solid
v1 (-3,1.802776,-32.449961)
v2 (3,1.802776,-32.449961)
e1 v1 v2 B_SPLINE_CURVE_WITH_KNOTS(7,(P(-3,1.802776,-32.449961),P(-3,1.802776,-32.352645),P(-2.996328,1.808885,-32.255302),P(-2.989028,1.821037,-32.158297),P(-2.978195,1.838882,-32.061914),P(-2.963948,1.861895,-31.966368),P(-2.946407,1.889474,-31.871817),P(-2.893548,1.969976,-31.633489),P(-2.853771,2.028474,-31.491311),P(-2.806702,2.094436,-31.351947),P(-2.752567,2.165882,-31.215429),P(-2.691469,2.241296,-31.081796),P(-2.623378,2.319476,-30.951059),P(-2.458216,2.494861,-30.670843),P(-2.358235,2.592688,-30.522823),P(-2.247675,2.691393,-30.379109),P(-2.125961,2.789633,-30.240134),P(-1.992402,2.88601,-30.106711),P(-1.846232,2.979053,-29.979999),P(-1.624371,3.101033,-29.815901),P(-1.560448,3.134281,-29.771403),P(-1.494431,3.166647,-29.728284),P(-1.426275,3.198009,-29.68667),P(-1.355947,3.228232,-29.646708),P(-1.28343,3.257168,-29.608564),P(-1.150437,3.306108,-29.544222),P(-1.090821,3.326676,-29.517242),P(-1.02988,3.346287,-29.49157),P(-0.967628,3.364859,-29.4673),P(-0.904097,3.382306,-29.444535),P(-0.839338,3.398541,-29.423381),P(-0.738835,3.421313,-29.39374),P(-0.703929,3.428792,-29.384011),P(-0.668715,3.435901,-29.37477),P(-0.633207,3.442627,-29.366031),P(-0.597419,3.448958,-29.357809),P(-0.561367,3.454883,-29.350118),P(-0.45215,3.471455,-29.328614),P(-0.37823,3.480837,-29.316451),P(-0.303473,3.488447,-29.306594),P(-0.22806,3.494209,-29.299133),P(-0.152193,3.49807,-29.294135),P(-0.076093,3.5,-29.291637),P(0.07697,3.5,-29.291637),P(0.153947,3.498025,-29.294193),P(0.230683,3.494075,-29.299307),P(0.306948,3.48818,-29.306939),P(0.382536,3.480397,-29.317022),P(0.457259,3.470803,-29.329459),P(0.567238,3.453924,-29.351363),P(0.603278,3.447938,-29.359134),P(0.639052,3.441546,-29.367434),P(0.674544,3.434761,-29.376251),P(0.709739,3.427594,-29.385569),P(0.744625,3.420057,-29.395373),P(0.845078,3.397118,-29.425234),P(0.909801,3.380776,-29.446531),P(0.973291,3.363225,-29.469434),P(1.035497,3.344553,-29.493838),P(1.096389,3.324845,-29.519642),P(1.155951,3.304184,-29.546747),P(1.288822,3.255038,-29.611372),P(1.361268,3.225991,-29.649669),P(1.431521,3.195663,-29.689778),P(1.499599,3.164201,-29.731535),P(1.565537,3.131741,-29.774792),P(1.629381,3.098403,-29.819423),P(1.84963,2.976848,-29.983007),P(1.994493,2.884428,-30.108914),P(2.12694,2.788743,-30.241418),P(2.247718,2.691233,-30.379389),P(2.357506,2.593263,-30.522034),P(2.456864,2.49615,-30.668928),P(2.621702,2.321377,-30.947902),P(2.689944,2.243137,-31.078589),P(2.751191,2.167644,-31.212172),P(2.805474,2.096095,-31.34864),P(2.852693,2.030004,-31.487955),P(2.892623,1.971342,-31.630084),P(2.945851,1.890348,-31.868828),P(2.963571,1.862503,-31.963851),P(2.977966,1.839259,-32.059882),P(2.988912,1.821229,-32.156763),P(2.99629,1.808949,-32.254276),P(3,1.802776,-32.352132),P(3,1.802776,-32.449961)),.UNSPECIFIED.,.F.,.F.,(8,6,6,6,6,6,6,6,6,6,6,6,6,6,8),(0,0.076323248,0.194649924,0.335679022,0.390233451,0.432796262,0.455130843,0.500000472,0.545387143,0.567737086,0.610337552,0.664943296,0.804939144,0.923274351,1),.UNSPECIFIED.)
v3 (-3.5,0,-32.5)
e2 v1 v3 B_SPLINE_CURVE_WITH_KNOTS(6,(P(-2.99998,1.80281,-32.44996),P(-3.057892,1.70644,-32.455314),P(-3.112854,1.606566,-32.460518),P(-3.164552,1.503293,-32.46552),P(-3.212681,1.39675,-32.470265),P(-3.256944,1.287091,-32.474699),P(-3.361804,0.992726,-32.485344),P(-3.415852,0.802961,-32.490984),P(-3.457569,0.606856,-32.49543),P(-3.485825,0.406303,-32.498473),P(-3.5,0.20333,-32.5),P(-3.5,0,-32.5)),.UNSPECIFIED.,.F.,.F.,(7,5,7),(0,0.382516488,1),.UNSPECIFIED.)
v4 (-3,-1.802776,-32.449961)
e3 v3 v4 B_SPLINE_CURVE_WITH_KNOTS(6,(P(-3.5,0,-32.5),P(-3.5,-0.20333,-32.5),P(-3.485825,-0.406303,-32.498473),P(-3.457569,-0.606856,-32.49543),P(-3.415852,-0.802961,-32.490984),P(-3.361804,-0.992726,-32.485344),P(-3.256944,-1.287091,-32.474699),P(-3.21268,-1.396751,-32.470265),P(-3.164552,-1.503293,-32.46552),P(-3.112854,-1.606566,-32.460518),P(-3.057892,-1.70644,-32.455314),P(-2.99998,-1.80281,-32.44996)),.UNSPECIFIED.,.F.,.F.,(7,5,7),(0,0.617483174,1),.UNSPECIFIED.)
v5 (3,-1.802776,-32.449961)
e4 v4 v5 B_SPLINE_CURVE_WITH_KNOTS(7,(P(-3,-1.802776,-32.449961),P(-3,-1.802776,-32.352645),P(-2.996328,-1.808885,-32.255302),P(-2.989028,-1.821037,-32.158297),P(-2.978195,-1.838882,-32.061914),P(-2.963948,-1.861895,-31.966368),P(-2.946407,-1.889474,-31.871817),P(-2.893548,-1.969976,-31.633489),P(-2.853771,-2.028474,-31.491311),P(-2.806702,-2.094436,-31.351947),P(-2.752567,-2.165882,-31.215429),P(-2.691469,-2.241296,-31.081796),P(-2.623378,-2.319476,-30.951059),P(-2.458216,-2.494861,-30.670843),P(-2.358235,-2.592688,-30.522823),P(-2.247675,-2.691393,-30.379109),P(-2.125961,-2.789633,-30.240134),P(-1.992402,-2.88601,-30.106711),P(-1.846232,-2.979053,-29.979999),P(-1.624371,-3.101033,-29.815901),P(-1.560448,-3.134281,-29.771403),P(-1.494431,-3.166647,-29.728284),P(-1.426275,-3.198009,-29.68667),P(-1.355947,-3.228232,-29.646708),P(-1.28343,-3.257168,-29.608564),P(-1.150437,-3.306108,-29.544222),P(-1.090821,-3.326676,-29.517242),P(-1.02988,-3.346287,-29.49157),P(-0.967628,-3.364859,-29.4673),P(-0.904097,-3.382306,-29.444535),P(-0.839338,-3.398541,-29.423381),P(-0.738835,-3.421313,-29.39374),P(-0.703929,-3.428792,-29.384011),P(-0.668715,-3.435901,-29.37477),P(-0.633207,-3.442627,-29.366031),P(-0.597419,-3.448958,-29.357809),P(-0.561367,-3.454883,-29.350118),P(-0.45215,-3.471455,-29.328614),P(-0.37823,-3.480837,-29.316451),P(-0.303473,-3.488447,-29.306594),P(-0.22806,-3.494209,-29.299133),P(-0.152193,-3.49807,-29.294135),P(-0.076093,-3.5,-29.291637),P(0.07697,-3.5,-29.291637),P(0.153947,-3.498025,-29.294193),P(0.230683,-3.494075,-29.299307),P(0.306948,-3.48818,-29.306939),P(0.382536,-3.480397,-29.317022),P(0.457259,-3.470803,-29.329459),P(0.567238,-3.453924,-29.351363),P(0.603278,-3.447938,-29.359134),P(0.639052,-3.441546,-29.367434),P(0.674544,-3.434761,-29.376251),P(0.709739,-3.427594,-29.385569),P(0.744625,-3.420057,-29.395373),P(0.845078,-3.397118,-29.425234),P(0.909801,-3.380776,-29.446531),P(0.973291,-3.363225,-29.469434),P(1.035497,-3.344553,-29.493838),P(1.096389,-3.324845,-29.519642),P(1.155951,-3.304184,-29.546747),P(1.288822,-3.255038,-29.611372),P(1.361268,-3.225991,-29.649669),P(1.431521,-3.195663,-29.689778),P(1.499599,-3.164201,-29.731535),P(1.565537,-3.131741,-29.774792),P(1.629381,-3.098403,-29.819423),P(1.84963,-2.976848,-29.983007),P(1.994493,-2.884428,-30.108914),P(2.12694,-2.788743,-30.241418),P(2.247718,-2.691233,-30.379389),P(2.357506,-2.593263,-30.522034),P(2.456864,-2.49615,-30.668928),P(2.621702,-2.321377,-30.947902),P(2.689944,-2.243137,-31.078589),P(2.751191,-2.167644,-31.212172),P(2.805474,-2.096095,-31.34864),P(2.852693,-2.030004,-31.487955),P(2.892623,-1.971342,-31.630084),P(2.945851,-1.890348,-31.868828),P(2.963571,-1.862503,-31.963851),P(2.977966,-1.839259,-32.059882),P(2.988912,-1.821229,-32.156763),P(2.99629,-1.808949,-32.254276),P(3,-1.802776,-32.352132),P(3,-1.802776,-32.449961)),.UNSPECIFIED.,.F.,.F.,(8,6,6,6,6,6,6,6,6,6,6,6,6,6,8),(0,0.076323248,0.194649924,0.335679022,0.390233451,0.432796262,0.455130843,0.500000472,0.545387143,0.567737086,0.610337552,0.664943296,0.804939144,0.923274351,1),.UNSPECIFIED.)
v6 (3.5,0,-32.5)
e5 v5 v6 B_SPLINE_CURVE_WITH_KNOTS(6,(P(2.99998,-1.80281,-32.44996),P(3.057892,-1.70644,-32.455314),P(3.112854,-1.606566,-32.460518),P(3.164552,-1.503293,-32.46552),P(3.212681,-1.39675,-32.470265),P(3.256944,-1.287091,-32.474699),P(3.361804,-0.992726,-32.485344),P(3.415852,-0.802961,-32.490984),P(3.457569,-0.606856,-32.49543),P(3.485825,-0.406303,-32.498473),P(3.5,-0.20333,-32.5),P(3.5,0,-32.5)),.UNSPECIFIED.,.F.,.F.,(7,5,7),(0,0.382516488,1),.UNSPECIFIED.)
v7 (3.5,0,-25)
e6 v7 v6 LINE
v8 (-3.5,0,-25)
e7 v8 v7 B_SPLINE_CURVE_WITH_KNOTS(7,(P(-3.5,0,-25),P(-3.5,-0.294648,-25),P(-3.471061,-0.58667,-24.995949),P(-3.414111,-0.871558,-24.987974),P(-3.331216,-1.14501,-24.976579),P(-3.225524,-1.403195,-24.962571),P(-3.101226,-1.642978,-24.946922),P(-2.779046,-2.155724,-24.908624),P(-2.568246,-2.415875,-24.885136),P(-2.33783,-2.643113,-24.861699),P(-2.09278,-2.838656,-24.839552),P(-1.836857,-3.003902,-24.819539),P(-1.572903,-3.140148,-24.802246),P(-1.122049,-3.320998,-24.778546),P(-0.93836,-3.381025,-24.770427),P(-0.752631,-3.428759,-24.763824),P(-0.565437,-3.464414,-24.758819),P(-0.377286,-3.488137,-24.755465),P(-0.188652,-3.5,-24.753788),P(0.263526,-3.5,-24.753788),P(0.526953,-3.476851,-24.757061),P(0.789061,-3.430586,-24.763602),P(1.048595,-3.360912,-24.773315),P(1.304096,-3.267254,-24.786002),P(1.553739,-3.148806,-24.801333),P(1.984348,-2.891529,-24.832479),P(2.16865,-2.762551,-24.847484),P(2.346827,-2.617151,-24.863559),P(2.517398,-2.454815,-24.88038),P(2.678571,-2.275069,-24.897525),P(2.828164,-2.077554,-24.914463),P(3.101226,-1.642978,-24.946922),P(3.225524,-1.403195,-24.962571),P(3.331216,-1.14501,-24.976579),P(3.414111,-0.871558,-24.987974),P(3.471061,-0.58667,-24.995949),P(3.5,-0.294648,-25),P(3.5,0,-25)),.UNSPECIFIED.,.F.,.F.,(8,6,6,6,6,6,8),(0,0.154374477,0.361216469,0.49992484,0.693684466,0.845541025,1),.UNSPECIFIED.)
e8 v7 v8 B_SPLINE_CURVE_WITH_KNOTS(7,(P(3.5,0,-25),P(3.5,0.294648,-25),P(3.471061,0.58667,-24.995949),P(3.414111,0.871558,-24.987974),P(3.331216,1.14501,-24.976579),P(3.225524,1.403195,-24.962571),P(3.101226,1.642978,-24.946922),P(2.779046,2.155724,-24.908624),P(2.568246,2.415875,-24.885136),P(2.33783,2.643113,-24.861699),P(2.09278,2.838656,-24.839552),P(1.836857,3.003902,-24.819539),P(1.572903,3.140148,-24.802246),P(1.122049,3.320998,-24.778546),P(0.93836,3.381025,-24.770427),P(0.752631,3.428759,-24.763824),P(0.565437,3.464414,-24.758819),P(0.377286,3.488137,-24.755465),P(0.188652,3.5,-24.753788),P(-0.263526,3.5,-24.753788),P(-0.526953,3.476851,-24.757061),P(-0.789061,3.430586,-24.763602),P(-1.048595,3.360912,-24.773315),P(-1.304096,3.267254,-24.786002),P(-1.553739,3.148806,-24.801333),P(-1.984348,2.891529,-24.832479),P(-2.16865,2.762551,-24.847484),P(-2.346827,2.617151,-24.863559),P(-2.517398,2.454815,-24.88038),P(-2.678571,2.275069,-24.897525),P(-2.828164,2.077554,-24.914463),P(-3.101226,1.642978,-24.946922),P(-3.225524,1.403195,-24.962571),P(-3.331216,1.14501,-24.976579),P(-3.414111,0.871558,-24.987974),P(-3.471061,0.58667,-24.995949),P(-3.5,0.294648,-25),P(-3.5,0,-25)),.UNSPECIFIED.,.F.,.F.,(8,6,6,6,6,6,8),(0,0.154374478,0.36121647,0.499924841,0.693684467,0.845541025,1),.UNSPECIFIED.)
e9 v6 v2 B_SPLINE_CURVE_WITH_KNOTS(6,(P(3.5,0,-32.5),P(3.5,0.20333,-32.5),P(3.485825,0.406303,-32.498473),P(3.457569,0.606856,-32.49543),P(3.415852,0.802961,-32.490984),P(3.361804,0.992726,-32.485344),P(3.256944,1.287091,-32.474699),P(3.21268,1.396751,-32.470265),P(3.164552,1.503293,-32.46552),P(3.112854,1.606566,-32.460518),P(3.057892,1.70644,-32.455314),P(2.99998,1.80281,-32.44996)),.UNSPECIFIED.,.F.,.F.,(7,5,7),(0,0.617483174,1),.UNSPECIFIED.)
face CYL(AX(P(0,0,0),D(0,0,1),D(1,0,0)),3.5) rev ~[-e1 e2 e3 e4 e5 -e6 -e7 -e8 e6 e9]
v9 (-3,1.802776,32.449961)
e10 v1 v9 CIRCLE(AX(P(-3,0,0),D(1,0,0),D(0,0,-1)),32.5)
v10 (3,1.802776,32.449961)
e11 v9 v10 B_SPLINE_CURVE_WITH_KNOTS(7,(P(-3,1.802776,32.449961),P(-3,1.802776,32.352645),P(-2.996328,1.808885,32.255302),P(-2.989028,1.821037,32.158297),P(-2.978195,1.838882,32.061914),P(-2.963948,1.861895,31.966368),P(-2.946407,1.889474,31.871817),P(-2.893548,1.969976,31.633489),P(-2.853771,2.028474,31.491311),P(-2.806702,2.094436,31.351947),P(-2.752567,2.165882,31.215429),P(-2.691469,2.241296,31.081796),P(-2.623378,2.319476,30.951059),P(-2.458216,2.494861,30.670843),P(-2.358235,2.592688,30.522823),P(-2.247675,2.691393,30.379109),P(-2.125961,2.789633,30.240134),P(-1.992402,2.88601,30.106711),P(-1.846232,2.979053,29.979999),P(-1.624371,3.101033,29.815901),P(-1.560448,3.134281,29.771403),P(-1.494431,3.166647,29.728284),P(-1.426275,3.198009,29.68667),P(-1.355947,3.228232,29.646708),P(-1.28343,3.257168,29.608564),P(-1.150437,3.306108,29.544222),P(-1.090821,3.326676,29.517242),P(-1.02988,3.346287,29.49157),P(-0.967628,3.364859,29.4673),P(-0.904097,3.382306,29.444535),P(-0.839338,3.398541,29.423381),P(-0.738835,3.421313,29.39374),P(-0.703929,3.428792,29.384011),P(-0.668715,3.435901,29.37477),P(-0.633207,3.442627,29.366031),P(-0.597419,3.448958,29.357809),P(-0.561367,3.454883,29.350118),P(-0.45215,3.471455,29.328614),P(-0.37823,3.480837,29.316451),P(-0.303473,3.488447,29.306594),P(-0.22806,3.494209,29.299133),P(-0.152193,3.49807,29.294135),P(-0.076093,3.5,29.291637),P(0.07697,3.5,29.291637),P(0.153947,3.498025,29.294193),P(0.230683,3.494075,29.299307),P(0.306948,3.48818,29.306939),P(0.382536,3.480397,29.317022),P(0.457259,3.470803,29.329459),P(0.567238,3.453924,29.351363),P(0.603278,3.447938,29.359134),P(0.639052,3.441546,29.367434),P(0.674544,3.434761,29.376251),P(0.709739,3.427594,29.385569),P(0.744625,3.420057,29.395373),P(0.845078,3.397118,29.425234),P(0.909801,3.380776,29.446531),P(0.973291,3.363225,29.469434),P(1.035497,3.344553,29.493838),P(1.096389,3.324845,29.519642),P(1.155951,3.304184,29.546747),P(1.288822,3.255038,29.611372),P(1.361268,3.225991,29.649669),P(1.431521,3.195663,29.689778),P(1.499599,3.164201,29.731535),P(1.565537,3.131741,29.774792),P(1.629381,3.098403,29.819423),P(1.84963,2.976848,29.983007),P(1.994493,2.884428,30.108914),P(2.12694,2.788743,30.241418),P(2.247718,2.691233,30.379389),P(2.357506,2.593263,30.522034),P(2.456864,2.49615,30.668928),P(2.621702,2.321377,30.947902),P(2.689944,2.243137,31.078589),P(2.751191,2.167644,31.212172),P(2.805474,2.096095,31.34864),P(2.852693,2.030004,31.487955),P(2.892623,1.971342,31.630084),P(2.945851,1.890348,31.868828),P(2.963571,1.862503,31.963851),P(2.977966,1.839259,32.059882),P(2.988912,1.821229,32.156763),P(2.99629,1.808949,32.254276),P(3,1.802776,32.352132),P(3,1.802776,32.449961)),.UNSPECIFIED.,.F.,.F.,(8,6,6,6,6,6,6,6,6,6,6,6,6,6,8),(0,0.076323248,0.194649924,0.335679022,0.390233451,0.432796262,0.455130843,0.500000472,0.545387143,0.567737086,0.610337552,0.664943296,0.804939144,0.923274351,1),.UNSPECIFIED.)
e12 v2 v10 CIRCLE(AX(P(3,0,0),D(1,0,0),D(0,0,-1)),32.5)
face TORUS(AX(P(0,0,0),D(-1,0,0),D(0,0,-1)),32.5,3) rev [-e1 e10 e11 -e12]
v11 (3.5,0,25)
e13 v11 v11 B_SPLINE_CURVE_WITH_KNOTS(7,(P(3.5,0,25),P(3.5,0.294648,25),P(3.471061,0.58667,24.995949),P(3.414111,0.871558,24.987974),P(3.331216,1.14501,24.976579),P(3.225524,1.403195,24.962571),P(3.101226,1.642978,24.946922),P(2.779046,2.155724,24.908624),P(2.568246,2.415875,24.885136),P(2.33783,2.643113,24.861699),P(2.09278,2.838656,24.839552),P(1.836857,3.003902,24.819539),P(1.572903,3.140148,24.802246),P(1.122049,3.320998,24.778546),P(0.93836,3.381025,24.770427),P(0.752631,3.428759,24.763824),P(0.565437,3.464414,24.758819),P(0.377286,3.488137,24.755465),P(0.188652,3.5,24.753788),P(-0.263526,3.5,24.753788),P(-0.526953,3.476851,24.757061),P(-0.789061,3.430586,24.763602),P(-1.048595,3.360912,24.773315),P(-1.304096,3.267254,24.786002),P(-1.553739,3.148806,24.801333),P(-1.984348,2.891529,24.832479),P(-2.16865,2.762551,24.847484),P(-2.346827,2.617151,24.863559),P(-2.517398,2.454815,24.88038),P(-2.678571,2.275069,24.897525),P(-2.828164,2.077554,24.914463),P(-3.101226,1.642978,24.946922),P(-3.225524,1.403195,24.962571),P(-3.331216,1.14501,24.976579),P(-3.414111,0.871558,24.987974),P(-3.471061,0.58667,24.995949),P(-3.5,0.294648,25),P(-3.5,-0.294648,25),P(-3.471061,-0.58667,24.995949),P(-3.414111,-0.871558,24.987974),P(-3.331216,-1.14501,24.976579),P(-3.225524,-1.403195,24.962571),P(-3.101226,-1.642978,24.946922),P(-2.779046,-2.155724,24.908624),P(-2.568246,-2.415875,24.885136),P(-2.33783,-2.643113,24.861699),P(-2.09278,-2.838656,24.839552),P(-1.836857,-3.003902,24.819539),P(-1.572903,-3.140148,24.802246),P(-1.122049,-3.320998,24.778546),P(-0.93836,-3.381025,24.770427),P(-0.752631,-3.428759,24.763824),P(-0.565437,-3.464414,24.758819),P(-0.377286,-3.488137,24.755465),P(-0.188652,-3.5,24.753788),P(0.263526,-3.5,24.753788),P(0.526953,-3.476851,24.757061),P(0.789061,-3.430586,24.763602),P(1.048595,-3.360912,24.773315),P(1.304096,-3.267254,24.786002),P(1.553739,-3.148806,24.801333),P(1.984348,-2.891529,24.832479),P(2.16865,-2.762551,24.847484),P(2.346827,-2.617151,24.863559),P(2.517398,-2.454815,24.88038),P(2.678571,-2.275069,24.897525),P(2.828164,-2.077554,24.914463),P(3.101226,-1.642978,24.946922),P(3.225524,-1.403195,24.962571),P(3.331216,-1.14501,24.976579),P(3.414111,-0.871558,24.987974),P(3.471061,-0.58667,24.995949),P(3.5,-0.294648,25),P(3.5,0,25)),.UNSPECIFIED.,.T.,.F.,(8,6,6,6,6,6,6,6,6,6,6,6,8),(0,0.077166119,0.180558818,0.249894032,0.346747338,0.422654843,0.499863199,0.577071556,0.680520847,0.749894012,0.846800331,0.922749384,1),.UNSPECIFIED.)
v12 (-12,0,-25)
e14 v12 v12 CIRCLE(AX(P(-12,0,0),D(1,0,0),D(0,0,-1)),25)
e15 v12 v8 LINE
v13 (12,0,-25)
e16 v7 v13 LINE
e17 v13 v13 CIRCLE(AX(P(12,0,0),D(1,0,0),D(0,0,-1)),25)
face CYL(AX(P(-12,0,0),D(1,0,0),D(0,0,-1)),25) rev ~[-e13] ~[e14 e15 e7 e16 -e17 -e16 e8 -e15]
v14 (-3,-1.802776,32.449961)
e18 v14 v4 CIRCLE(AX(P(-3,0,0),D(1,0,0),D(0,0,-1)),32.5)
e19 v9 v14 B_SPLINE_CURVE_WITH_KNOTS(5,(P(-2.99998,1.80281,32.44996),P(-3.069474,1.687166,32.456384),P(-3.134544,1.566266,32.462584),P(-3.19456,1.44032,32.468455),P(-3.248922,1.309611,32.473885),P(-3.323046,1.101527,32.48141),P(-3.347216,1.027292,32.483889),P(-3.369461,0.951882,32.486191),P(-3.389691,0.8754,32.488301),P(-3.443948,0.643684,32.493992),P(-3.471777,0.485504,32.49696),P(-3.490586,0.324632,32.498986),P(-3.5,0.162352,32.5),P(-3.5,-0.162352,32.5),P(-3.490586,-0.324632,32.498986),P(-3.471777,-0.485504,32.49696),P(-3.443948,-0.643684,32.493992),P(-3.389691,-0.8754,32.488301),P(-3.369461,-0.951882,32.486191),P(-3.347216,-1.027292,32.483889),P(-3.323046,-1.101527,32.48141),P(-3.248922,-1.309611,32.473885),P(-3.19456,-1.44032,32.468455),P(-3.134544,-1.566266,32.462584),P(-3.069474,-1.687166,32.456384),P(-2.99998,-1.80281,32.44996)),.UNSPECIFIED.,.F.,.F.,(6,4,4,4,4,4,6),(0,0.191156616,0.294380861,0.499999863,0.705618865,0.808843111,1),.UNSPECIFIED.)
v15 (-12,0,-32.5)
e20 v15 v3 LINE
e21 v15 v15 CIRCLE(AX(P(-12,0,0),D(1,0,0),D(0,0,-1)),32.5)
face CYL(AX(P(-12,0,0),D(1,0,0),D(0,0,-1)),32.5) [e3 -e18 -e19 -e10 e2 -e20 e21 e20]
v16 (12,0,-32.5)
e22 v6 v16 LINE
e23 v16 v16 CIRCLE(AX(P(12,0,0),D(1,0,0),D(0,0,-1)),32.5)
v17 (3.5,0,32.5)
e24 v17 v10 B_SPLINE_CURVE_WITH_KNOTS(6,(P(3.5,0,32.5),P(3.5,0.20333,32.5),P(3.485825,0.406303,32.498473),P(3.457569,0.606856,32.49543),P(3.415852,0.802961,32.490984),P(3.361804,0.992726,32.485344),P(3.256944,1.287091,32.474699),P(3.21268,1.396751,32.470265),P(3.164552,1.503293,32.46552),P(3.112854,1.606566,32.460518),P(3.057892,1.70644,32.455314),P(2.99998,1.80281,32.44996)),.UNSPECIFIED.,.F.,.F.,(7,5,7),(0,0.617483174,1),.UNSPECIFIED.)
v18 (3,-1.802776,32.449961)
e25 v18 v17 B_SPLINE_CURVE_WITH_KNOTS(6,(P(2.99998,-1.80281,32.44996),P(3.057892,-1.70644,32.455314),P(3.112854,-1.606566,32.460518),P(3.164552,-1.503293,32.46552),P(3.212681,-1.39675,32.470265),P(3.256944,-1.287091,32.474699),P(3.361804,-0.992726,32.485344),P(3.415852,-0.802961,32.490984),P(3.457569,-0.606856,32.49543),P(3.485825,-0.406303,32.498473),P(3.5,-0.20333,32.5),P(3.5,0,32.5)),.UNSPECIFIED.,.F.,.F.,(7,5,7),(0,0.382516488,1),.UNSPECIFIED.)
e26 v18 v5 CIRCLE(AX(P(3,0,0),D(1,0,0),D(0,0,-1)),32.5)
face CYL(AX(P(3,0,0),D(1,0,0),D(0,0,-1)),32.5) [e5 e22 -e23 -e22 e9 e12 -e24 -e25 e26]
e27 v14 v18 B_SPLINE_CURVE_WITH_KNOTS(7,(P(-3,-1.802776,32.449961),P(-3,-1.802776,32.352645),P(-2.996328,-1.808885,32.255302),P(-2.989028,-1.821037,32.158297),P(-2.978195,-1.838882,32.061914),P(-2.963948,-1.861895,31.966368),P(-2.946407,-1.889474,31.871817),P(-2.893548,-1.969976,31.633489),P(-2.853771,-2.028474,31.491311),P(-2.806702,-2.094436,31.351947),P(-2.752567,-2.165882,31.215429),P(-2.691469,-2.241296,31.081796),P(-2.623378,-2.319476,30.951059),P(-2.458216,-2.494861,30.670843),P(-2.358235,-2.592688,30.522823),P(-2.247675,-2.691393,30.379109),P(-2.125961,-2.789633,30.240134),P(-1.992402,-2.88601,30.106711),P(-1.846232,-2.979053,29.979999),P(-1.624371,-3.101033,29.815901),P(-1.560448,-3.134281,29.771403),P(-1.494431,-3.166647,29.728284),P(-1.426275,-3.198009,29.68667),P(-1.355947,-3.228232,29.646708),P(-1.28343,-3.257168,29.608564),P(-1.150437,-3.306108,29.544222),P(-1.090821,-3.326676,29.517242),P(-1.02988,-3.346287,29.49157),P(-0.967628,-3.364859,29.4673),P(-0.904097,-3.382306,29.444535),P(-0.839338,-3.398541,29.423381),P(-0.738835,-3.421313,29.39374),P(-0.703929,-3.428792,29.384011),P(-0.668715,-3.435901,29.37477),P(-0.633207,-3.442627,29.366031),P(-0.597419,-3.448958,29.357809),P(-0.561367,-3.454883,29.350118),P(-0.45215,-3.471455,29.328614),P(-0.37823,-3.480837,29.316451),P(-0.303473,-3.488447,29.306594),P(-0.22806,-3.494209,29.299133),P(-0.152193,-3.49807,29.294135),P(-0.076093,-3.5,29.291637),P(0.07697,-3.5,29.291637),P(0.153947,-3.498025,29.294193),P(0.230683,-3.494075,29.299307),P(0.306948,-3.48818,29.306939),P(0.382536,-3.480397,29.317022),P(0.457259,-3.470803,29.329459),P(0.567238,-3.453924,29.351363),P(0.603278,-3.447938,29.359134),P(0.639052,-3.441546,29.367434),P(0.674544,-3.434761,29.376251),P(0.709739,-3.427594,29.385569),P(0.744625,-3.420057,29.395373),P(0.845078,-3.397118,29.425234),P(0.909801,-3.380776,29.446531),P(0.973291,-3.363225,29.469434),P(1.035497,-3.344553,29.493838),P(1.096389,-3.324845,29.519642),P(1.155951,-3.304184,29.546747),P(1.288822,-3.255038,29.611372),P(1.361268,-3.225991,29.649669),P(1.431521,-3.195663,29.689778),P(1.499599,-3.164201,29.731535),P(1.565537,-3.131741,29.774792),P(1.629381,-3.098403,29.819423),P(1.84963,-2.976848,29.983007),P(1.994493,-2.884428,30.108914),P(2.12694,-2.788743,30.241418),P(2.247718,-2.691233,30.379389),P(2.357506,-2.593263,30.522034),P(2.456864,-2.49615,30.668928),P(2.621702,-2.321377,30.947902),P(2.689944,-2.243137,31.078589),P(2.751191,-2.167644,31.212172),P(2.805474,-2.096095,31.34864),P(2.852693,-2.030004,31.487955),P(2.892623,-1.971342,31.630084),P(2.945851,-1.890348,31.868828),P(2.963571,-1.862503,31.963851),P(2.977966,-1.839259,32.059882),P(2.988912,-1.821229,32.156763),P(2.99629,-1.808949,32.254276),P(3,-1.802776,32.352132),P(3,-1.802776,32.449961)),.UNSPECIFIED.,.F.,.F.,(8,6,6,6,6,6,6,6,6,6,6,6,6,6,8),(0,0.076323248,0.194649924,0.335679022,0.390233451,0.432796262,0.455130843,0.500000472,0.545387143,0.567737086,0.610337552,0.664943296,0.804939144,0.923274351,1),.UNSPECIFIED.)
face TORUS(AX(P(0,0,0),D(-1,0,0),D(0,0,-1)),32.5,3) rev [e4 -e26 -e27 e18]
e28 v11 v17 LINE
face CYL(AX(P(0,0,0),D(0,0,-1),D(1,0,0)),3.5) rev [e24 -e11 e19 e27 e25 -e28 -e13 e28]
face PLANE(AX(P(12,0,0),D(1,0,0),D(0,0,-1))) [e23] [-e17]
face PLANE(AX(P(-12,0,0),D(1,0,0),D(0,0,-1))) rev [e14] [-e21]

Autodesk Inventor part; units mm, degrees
ref_plane "YZ Plane" through (0, 0, 0) normal (1, 0, 0) x (0, 1, 0)
ref_plane "XZ Plane" through (0, 0, 0) normal (0, 1, 0) x (-1, 0, 0)
ref_plane "XY Plane" through (0, 0, 0) normal (0, 0, 1) x (1, 0, 0)
sketch "Sketch1" plane through (0, 0, 0) normal (0, 1, 0) x (-1, 0, 0)
  line L0 (100, 0) -> (-100, 0)
  line L1 (12, -25) -> (12, -32.5)
  line L2 (12, -32.5) -> (3, -32.5)
  line L3 (-3, -32.5) -> (-12, -32.5)
  line L4 (-12, -32.5) -> (-12, -25)
  arc A0 (3, -32.5) -> (-3, -32.5) centre (0, -32.5) ccw
  line L5 (12, -25) -> (-12, -25)
  point P0 (0, 0)
  point P1 (0, 0)
  dimension "d0" = 200
  dimension "d1" = 65
  dimension "d2" = 24
  dimension "d3" = 3
  dimension "d5" = 50
revolve "Revolution1" add sketch "Sketch1" angle 360 about axis through (-100, 0, 0) along (1, 0, 0)
sketch "Sketch2" plane through (0, 0, 0) normal (0, 0, 1) x (1, 0, 0)
  circle A0 centre (0, 0) radius 3.5
  dimension "d6" = 7
extrude "Extrusion1" cut sketch "Sketch2" along normal through all both and the other way through all
properties part number "Łożysko wału korbowego"
